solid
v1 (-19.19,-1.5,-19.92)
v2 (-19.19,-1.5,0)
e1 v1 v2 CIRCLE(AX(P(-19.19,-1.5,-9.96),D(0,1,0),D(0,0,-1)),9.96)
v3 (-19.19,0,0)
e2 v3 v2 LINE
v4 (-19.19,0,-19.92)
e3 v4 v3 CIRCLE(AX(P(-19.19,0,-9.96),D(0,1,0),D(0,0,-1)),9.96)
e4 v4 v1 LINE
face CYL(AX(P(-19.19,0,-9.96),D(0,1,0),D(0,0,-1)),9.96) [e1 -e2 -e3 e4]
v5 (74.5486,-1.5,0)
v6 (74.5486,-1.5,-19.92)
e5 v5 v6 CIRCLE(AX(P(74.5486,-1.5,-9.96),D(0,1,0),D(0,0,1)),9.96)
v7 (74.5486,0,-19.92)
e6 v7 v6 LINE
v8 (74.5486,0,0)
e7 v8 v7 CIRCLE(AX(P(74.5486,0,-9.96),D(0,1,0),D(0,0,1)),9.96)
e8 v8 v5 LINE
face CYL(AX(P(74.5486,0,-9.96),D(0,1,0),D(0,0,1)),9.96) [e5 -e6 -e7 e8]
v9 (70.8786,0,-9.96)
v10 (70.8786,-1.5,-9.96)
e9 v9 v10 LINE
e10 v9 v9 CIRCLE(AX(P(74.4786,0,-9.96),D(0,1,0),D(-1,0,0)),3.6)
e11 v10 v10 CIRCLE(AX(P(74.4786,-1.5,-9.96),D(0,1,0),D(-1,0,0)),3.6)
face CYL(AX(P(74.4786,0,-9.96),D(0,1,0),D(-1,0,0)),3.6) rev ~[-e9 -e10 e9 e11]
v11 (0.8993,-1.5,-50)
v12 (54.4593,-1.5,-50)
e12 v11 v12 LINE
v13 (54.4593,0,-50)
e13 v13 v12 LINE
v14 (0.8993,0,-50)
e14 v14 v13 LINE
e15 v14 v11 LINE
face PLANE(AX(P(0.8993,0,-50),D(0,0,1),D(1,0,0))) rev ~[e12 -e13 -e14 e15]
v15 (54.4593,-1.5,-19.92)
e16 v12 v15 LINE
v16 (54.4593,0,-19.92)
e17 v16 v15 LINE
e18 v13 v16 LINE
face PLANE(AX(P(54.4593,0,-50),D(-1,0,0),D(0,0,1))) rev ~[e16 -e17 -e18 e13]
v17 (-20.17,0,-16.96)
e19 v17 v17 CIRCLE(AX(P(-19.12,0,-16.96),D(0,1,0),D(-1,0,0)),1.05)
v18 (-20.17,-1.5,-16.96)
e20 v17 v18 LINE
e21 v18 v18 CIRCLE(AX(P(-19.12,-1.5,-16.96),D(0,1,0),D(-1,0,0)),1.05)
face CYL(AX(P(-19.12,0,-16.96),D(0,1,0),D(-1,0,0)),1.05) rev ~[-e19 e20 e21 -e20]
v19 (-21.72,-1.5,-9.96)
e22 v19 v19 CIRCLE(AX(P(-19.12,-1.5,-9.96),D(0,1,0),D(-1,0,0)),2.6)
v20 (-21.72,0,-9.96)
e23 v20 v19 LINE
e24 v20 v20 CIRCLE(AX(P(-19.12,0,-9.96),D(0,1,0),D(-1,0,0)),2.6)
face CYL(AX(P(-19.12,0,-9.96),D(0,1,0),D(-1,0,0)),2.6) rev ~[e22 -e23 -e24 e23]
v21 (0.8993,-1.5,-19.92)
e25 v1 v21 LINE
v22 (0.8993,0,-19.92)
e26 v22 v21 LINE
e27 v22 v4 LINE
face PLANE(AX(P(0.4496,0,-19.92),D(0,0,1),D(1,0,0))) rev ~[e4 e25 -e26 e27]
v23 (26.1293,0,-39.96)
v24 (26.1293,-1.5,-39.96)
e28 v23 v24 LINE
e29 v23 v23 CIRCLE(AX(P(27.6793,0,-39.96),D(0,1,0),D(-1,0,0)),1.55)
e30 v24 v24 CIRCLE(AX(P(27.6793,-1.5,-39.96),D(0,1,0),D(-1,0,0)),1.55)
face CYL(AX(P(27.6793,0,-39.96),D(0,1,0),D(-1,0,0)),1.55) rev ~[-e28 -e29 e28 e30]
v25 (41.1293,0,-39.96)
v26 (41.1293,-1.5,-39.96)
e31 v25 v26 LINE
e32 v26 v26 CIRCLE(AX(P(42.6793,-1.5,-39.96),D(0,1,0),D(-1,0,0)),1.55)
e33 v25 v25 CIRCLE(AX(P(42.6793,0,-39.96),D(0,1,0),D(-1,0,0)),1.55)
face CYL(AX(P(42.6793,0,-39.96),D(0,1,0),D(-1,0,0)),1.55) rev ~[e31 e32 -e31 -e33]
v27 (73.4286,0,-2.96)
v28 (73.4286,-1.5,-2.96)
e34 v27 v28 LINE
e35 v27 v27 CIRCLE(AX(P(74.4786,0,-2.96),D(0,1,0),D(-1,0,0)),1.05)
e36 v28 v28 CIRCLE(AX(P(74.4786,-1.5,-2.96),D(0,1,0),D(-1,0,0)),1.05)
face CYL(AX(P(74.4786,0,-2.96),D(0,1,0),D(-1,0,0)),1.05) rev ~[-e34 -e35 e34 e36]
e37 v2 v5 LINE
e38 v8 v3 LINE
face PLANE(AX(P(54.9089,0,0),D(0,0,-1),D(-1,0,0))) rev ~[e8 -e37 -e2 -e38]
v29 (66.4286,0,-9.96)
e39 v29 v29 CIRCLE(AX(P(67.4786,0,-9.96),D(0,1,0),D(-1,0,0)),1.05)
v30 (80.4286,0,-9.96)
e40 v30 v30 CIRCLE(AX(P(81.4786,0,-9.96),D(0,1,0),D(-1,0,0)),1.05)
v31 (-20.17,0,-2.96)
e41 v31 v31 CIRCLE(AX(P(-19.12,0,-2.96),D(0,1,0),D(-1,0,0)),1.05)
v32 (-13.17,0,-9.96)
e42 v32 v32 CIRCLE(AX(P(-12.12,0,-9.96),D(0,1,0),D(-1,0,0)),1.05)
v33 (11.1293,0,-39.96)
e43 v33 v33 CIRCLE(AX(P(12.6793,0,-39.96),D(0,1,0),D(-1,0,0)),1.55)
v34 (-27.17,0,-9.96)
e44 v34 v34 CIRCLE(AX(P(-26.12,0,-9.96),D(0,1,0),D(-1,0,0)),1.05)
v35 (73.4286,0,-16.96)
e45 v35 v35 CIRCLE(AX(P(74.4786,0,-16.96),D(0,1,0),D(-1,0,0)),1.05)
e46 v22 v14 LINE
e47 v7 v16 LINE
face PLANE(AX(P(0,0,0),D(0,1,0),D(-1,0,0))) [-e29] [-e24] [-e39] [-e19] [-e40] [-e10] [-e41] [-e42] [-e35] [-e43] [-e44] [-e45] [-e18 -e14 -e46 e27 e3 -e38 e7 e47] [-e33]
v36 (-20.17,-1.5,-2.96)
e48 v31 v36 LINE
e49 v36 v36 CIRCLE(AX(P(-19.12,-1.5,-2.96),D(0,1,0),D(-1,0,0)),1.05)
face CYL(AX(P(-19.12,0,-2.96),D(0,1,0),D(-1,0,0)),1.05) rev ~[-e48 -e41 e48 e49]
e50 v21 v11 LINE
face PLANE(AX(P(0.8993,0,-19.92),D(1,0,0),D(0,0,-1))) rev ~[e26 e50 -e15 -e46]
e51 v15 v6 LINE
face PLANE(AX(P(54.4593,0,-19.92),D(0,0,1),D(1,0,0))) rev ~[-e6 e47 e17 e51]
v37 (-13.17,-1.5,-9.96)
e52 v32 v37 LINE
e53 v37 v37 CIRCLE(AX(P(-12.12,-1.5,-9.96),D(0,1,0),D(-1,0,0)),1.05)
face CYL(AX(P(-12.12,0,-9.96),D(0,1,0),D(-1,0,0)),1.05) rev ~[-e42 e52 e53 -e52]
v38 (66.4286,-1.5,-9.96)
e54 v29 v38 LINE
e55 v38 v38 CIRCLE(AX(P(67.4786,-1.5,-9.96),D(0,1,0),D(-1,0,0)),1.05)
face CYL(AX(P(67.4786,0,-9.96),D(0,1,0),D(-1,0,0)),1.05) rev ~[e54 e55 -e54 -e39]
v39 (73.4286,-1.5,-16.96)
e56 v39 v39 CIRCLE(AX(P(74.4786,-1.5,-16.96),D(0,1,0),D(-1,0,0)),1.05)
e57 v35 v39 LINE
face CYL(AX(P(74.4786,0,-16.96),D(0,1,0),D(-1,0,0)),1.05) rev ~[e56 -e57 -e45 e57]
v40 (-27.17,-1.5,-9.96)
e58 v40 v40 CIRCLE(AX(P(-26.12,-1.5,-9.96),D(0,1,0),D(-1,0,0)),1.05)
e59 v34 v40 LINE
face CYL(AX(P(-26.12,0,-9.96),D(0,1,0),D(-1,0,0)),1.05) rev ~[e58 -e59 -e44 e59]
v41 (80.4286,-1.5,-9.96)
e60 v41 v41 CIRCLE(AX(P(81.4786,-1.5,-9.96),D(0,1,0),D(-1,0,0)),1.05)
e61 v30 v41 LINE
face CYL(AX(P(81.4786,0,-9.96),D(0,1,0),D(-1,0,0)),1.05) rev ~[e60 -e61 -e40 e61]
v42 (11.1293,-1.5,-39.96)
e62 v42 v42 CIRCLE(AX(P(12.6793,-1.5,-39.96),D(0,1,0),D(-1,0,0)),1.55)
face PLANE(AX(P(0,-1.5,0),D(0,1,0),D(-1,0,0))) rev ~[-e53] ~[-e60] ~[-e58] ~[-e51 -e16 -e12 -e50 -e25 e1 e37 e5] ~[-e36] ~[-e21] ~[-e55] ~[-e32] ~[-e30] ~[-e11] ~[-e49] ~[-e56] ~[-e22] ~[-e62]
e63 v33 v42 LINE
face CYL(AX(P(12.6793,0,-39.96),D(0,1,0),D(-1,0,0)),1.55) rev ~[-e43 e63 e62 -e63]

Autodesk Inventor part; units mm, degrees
ref_plane "YZ Plane" through (0, 0, 0) normal (1, 0, 0) x (0, 1, 0)
ref_plane "XZ Plane" through (0, 0, 0) normal (0, 1, 0) x (-1, 0, 0)
ref_plane "XY Plane" through (0, 0, 0) normal (0, 0, 1) x (1, 0, 0)
sketch "Sketch1" plane through (0, 0, 0) normal (0, 1, 0) x (-1, 0, 0)
  line L0 (-54.9089, 0) -> (-54.9089, -19.92)
  line L1 (-0.4496, -19.92) -> (-0.4496, 0)
  circle A0 centre (-74.4786, -9.96) radius 3.6
  circle A1 centre (-81.4786, -9.96) radius 1.05
  circle A2 centre (-74.4786, -16.96) radius 1.05
  circle A3 centre (-67.4786, -9.96) radius 1.05
  circle A4 centre (-74.4786, -2.96) radius 1.05
  circle A5 centre (19.12, -9.96) radius 2.6
  circle A6 centre (26.12, -9.96) radius 1.05
  circle A7 centre (19.12, -16.96) radius 1.05
  circle A8 centre (12.12, -9.96) radius 1.05
  circle A9 centre (19.12, -2.96) radius 1.05
  circle A10 centre (-42.6793, -39.96) radius 1.55
  circle A11 centre (-27.6793, -39.96) radius 1.55
  circle A12 centre (-12.6793, -39.96) radius 1.55
  arc A13 (19.19, -19.92) -> (19.19, 0) centre (19.19, -9.96) ccw
  line L2 (19.19, -19.92) -> (-0.8993, -19.92)
  arc A14 (-74.5486, 0) -> (-74.5486, -19.92) centre (-74.5486, -9.96) ccw
  line L3 (-54.4593, -19.92) -> (-74.5486, -19.92)
  line L4 (-54.4593, -50) -> (-54.4593, -19.92)
  line L5 (-0.8993, -19.92) -> (-0.8993, -50)
  line L6 (-0.8993, -50) -> (-54.4593, -50)
  line L7 (-74.5486, 0) -> (19.19, 0)
  line L8 (-55.3586, -19.92) -> (-55.3586, 0)
  line L9 (-54.4593, 0) -> (-54.4593, -19.92)
  line L10 (-0.8993, -19.92) -> (-0.8993, 0)
  line L11 (0, 0) -> (0, -19.92)
extrude "Extrusion1" add sketch "Sketch1" against normal blind 1.5
properties part number "axis_23_bottom_frame"
